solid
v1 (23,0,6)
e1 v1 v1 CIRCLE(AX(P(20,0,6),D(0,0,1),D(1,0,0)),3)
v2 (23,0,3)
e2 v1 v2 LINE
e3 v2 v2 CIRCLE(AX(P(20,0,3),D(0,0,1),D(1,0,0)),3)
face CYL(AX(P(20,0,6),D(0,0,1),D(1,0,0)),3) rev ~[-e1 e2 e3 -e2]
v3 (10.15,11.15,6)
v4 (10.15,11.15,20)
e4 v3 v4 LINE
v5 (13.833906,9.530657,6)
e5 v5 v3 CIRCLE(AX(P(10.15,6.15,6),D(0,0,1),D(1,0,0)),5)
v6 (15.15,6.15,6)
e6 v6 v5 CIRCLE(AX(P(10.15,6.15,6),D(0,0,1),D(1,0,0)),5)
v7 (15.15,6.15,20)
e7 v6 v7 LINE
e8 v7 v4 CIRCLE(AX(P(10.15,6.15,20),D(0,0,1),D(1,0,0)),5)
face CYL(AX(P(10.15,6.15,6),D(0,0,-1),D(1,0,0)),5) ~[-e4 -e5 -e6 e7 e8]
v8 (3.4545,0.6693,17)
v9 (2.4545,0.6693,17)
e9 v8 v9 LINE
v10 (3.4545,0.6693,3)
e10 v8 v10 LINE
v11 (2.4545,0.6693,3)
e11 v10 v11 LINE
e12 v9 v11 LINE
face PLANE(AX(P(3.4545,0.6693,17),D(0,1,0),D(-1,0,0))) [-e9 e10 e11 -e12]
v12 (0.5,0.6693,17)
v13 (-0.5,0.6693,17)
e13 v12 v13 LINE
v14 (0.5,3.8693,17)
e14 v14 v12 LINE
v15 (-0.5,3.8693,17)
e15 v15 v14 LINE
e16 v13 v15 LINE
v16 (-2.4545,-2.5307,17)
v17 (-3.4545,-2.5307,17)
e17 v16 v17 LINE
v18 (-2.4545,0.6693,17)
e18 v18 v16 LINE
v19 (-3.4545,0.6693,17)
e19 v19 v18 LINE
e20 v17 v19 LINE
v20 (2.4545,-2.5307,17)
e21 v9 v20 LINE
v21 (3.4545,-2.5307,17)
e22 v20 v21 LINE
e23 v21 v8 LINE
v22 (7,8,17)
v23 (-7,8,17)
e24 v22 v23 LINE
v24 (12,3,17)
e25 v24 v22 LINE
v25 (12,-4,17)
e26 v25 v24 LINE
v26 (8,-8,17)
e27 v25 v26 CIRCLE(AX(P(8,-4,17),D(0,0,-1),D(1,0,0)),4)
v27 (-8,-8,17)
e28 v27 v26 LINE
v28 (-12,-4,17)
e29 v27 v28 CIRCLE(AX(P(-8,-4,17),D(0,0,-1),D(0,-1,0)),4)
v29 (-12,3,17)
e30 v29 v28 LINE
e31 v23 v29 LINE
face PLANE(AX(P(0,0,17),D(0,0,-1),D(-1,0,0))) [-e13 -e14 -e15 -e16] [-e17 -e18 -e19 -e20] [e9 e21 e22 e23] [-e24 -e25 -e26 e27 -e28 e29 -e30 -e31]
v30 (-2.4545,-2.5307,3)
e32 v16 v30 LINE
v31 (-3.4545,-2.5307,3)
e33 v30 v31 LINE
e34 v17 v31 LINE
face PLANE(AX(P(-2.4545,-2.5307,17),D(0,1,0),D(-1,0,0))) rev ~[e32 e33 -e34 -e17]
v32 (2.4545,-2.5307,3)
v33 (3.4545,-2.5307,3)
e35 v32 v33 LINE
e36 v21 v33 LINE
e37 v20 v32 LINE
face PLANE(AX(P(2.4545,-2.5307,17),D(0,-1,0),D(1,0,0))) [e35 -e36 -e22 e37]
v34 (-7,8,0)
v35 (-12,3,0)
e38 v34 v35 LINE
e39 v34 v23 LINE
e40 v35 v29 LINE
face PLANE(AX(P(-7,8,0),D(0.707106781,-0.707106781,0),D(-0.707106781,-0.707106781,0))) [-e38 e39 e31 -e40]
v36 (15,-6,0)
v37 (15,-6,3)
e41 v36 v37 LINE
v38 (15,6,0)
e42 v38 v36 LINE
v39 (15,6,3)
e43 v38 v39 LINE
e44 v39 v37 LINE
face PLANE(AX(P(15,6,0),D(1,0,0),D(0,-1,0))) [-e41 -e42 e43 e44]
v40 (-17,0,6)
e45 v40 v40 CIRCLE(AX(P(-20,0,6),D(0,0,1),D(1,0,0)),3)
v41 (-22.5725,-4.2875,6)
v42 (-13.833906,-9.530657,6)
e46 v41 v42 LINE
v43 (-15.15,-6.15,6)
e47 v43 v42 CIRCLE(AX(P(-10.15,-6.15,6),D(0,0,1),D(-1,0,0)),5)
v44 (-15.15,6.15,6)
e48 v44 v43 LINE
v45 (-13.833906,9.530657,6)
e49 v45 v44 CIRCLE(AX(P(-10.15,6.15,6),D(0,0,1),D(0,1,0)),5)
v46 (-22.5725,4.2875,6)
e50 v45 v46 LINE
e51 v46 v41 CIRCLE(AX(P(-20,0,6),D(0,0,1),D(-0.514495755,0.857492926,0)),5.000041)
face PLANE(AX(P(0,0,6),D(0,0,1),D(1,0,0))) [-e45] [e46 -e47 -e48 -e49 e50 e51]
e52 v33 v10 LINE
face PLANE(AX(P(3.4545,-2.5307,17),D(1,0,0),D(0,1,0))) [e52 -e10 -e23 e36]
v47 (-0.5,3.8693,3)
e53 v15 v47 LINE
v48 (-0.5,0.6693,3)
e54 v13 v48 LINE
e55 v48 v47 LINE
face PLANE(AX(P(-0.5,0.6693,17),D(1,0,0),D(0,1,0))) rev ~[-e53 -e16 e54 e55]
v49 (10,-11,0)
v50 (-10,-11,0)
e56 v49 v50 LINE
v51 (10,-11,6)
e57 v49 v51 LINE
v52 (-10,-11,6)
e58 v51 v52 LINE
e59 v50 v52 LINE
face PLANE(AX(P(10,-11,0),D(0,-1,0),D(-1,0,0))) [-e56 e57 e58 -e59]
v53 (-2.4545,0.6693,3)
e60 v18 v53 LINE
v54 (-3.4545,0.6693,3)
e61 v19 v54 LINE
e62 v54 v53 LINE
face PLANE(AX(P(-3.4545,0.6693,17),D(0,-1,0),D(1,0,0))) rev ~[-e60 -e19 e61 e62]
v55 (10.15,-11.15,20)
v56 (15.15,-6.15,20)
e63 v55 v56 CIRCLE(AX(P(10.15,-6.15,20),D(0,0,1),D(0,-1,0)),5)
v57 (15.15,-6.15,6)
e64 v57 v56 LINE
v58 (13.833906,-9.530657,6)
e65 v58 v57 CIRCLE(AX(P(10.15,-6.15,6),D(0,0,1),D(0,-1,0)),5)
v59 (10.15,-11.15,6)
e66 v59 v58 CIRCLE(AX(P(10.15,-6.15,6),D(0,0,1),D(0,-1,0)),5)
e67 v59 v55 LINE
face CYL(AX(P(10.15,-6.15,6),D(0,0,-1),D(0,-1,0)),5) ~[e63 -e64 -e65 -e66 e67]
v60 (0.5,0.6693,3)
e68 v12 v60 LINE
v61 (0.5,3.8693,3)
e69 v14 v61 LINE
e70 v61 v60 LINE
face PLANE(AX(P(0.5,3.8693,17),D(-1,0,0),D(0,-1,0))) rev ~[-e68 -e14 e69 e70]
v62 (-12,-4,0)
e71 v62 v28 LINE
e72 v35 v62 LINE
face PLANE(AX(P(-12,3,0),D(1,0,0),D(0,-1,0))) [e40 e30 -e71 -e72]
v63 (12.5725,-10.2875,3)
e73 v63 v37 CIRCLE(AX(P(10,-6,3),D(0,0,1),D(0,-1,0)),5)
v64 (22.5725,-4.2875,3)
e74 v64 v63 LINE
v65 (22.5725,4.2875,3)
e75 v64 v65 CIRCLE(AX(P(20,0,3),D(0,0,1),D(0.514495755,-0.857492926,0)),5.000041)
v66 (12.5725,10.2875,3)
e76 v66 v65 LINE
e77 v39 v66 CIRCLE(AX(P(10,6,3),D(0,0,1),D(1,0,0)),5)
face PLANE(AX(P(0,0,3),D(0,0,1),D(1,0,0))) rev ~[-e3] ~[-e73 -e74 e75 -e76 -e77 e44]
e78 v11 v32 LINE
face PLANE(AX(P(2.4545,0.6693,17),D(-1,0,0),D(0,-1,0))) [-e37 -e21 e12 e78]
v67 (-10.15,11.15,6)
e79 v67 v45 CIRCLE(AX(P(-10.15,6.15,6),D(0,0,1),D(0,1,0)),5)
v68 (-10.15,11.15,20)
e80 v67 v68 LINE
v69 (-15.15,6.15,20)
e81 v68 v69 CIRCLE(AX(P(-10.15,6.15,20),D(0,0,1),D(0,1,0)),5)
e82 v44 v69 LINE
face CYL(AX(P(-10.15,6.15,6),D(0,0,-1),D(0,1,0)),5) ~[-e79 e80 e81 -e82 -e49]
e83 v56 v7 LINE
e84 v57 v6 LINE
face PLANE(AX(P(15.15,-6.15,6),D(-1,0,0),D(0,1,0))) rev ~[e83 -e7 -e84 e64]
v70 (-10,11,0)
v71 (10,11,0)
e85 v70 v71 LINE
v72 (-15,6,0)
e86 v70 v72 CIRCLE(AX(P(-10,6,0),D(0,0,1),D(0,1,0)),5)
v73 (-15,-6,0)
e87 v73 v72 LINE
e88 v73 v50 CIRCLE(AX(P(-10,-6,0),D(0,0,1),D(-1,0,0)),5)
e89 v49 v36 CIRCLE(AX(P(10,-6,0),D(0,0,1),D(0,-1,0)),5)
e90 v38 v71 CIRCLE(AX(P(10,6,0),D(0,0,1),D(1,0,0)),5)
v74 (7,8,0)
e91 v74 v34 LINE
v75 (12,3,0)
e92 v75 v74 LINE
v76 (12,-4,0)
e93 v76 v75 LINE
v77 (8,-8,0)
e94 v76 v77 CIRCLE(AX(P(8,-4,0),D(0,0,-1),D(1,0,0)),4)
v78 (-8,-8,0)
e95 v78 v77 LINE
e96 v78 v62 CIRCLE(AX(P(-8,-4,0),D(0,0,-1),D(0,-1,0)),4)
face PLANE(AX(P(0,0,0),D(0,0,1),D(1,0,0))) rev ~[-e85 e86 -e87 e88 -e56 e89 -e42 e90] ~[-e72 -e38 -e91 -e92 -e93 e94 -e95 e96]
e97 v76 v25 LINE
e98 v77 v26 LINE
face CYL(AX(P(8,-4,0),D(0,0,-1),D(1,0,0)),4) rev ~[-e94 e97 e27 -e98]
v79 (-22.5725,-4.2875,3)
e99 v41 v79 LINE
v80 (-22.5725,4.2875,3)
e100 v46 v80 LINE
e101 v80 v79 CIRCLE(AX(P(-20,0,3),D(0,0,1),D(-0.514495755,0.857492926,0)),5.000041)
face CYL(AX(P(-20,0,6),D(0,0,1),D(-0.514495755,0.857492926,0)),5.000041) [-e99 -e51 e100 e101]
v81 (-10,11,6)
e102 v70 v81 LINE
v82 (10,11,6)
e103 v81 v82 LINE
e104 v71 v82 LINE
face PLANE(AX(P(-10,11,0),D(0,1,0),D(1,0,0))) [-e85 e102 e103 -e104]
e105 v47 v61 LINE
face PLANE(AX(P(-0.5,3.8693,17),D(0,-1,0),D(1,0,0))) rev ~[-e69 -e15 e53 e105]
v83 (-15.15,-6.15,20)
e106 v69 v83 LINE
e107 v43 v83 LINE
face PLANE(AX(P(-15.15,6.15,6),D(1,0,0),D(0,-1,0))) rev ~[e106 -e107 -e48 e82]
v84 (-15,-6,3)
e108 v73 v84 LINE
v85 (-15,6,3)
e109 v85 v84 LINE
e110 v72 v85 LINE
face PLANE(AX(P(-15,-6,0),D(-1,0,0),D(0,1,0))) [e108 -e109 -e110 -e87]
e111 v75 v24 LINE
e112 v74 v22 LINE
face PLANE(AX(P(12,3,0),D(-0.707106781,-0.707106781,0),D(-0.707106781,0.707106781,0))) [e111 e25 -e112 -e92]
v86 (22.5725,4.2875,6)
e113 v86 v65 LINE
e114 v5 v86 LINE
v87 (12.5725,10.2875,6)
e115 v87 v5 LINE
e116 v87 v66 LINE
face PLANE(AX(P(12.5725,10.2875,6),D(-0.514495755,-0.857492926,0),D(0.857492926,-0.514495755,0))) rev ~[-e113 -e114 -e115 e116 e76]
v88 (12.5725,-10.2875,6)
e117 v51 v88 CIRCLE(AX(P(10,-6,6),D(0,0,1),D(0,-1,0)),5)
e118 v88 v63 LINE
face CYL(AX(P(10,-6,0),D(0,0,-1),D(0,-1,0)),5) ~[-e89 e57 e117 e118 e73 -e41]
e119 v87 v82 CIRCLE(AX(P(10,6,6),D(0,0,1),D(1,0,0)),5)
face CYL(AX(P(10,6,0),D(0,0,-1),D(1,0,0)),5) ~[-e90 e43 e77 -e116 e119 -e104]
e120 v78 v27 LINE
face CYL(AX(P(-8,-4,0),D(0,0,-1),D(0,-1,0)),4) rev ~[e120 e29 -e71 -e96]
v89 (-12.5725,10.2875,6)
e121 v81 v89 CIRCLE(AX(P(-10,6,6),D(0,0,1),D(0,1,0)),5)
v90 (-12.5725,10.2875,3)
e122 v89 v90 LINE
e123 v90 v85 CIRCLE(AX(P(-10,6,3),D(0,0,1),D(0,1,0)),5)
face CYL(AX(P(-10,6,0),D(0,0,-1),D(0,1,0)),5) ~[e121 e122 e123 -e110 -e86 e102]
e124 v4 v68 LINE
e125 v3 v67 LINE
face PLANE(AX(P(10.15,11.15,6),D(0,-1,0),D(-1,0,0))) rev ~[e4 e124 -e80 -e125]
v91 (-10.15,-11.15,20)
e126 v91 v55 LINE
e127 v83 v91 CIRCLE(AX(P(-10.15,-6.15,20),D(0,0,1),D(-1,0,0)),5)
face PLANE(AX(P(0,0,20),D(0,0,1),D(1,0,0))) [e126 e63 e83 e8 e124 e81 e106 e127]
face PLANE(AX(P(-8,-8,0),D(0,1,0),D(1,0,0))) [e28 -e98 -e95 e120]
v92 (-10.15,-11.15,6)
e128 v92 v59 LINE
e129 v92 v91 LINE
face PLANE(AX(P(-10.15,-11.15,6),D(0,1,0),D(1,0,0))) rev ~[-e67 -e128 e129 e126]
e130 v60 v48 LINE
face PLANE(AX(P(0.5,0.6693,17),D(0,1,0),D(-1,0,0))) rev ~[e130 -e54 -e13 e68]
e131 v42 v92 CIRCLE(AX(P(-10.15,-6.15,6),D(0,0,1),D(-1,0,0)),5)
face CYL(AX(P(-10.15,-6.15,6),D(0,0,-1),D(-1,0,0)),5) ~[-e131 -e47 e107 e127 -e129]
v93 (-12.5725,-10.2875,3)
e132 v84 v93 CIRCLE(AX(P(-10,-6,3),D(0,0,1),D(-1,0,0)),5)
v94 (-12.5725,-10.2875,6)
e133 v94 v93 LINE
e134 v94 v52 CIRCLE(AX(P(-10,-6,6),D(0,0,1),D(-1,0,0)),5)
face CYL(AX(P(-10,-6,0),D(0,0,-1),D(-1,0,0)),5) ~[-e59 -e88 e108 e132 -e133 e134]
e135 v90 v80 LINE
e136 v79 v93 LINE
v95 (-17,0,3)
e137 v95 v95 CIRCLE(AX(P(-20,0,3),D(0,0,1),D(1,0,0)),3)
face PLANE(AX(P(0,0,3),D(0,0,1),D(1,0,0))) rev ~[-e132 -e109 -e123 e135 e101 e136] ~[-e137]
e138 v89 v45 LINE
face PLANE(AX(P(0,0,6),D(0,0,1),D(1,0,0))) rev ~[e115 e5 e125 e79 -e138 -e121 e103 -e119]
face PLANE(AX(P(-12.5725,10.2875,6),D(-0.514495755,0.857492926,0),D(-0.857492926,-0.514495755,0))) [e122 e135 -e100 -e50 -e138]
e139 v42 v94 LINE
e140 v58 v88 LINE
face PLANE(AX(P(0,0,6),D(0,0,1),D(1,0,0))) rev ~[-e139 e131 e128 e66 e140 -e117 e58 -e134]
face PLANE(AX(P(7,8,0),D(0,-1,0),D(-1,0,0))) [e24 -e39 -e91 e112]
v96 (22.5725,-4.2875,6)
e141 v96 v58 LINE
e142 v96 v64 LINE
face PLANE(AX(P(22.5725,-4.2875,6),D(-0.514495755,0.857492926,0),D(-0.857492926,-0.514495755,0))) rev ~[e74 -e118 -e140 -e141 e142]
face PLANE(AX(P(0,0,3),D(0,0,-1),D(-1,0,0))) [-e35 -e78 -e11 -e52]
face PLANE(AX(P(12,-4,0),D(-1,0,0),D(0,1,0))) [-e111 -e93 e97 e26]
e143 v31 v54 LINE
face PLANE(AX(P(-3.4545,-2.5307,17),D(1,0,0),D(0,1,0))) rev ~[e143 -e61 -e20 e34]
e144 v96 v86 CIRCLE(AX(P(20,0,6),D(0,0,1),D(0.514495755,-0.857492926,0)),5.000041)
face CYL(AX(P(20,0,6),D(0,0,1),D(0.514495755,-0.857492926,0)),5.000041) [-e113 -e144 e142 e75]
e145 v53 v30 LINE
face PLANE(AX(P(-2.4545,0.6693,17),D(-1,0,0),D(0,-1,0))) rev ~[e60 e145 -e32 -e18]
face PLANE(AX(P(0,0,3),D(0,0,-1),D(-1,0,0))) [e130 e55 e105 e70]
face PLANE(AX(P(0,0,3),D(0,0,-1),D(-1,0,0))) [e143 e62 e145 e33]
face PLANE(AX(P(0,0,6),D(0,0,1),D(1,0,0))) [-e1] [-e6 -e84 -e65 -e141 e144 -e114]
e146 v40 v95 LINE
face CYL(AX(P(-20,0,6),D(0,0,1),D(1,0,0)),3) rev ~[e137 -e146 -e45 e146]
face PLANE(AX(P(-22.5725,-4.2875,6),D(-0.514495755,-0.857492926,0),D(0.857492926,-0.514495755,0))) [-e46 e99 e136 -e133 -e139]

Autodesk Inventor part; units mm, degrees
ref_plane "YZ Plane" through (0, 0, 0) normal (1, 0, 0) x (0, 1, 0)
ref_plane "XZ Plane" through (0, 0, 0) normal (0, 1, 0) x (-1, 0, 0)
ref_plane "XY Plane" through (0, 0, 0) normal (0, 0, 1) x (1, 0, 0)
sketch "Sketch1" plane through (0, 0, 0) normal (0, 0, 1) x (1, 0, 0)
  line L0 (-10, 11) -> (10, 11)
  line L1 (15, 6) -> (15, -6)
  line L2 (10, -11) -> (-10, -11)
  line L3 (-15, -6) -> (-15, 6)
  line L4 (-15, 11) -> (15, -11) construction
  line L5 (15, 11) -> (-15, -11) construction
  arc A0 (-10, 11) -> (-15, 6) centre (-10, 6) ccw
  arc A1 (15, 6) -> (10, 11) centre (10, 6) ccw
  arc A2 (10, -11) -> (15, -6) centre (10, -6) ccw
  arc A3 (-15, -6) -> (-10, -11) centre (-10, -6) ccw
  point P0 (0, 0)
  dimension "d0" = 22
  dimension "d1" = 30
  dimension "d2" = 5
extrude "Extrusion1" add sketch "Sketch1" along normal blind 6
sketch "Sketch2" plane through (0, 0, 6) normal (0, 0, 1) x (1, 0, 0)
  arc A0 (-10, 11) -> (-15, 6) centre (-10, 6) ccw projected
  line L0 (-12.5725, 10.2875) -> (-22.5725, 4.2875)
  arc A1 (-22.5725, 4.2875) -> (-22.5725, -4.2875) centre (-20, 0) ccw
  line L1 (-22.5725, -4.2875) -> (-12.5725, -10.2875)
  arc A2 (-15, -6) -> (-10, -11) centre (-10, -6) ccw projected
  line L2 (-15, 6) -> (-15, -6) projected
  line L3 (0, 0) -> (0, 5.4971)
  arc A3 (15, 6) -> (10, 11) centre (10, 6) ccw
  line L4 (12.5725, 10.2875) -> (22.5725, 4.2875)
  arc A4 (22.5725, -4.2875) -> (22.5725, 4.2875) centre (20, 0) ccw
  line L5 (22.5725, -4.2875) -> (12.5725, -10.2875)
  arc A5 (10, -11) -> (15, -6) centre (10, -6) ccw
  line L6 (15, 6) -> (15, -6)
  dimension "d5" = 5
  dimension "d6" = 40
extrude "Extrusion2" add sketch "Sketch2" against normal blind 3
sketch "Sketch3" plane through (0, 0, 6) normal (0, 0, 1) x (1, 0, 0)
  circle A0 centre (-20, 0) radius 3
  circle A1 centre (20, 0) radius 3
  arc A2 (-22.5725, 4.2875) -> (-22.5725, -4.2875) centre (-20, 0) ccw projected
  arc A3 (22.5725, -4.2875) -> (22.5725, 4.2875) centre (20, 0) ccw projected
  point P0 (0, 0)
  dimension "d9" = 6
  dimension "d10" = 6
extrude "Extrusion3" cut sketch "Sketch3" against normal blind 3
sketch "Sketch4" plane through (0, 0, 6) normal (0, 0, 1) x (1, 0, 0)
  line L0 (-10.15, -11.15) -> (10.15, -11.15)
  line L1 (15.15, -6.15) -> (15.15, 6.15)
  line L2 (10.15, 11.15) -> (-10.15, 11.15)
  line L3 (-15.15, 6.15) -> (-15.15, -6.15)
  line L4 (-15.15, -11.15) -> (15.15, 11.15) construction
  line L5 (15.15, -11.15) -> (-15.15, 11.15) construction
  arc A0 (-10.15, 11.15) -> (-15.15, 6.15) centre (-10.15, 6.15) ccw
  arc A1 (15.15, 6.15) -> (10.15, 11.15) centre (10.15, 6.15) ccw
  arc A2 (10.15, -11.15) -> (15.15, -6.15) centre (10.15, -6.15) ccw
  arc A3 (-15.15, -6.15) -> (-10.15, -11.15) centre (-10.15, -6.15) ccw
  point P0 (0, 0)
  dimension "d13" = 22.3
  dimension "d14" = 30.3
  dimension "d15" = 5
extrude "Extrusion4" add sketch "Sketch4" along normal blind 14
sketch "Sketch5" plane through (0, 0, 0) normal (0, 0, -1) x (-1, 0, 0)
  line L0 (-7, 8) -> (7, 8)
  line L1 (12, 3) -> (12, -4)
  line L2 (8, -8) -> (-8, -8)
  line L3 (-12, -4) -> (-12, 3)
  line L4 (-12, 8) -> (12, -8) construction
  line L5 (12, 8) -> (-12, -8) construction
  line L6 (-12, 3) -> (-7, 8)
  line L7 (7, 8) -> (12, 3)
  arc A0 (-12, -4) -> (-8, -8) centre (-8, -4) ccw
  arc A1 (8, -8) -> (12, -4) centre (8, -4) ccw
  point P0 (0, 0)
  dimension "d18" = 16
  dimension "d19" = 24
  dimension "d20" = 5
  dimension "d21" = 5
  dimension "d22" = 5
  dimension "d23" = 5
  dimension "d24" = 4
extrude "Extrusion5" cut sketch "Sketch5" against normal blind 17
sketch "Sketch7" plane through (0, 0, 17) normal (0, 0, -1) x (-1, 0, 0)
  line L0 (0.5, 3.8693) -> (-0.5, 3.8693)
  line L1 (-0.5, 3.8693) -> (-0.5, 0.6693)
  line L2 (-0.5, 0.6693) -> (0.5, 0.6693)
  line L3 (0.5, 0.6693) -> (0.5, 3.8693)
  line L4 (0.5, 3.8693) -> (-0.5, 0.6693) construction
  line L5 (-0.5, 3.8693) -> (0.5, 0.6693) construction
  line L6 (3.4545, 0.6693) -> (2.4545, 0.6693)
  line L7 (2.4545, 0.6693) -> (2.4545, -2.5307)
  line L8 (2.4545, -2.5307) -> (3.4545, -2.5307)
  line L9 (3.4545, -2.5307) -> (3.4545, 0.6693)
  line L10 (3.4545, 0.6693) -> (2.4545, -2.5307) construction
  line L11 (2.4545, 0.6693) -> (3.4545, -2.5307) construction
  line L12 (0, 0) -> (0, -2.165)
  line L13 (-3.4545, 0.6693) -> (-2.4545, 0.6693)
  line L14 (-2.4545, 0.6693) -> (-2.4545, -2.5307)
  line L15 (-2.4545, -2.5307) -> (-3.4545, -2.5307)
  line L16 (-3.4545, -2.5307) -> (-3.4545, 0.6693)
  line L17 (-3.4545, 0.6693) -> (-2.4545, -2.5307) construction
  line L18 (-2.4545, 0.6693) -> (-3.4545, -2.5307) construction
  point P0 (0, 2.2693)
  point P1 (2.9545, -0.9307)
  point P2 (-2.9545, -0.9307)
  point P3 (-2.9545, 0.6693)
  dimension "d27" = 1
  dimension "d28" = 1
  dimension "d29" = 3.2
  dimension "d30" = 3.2
  dimension "d31" = 0
extrude "Extrusion6" add sketch "Sketch7" along normal blind 14
equation "\"d21\" = d20"
equation "\"d22\" = d20"
equation "\"d23\" = d22"
properties part number "power_socket_24V"
